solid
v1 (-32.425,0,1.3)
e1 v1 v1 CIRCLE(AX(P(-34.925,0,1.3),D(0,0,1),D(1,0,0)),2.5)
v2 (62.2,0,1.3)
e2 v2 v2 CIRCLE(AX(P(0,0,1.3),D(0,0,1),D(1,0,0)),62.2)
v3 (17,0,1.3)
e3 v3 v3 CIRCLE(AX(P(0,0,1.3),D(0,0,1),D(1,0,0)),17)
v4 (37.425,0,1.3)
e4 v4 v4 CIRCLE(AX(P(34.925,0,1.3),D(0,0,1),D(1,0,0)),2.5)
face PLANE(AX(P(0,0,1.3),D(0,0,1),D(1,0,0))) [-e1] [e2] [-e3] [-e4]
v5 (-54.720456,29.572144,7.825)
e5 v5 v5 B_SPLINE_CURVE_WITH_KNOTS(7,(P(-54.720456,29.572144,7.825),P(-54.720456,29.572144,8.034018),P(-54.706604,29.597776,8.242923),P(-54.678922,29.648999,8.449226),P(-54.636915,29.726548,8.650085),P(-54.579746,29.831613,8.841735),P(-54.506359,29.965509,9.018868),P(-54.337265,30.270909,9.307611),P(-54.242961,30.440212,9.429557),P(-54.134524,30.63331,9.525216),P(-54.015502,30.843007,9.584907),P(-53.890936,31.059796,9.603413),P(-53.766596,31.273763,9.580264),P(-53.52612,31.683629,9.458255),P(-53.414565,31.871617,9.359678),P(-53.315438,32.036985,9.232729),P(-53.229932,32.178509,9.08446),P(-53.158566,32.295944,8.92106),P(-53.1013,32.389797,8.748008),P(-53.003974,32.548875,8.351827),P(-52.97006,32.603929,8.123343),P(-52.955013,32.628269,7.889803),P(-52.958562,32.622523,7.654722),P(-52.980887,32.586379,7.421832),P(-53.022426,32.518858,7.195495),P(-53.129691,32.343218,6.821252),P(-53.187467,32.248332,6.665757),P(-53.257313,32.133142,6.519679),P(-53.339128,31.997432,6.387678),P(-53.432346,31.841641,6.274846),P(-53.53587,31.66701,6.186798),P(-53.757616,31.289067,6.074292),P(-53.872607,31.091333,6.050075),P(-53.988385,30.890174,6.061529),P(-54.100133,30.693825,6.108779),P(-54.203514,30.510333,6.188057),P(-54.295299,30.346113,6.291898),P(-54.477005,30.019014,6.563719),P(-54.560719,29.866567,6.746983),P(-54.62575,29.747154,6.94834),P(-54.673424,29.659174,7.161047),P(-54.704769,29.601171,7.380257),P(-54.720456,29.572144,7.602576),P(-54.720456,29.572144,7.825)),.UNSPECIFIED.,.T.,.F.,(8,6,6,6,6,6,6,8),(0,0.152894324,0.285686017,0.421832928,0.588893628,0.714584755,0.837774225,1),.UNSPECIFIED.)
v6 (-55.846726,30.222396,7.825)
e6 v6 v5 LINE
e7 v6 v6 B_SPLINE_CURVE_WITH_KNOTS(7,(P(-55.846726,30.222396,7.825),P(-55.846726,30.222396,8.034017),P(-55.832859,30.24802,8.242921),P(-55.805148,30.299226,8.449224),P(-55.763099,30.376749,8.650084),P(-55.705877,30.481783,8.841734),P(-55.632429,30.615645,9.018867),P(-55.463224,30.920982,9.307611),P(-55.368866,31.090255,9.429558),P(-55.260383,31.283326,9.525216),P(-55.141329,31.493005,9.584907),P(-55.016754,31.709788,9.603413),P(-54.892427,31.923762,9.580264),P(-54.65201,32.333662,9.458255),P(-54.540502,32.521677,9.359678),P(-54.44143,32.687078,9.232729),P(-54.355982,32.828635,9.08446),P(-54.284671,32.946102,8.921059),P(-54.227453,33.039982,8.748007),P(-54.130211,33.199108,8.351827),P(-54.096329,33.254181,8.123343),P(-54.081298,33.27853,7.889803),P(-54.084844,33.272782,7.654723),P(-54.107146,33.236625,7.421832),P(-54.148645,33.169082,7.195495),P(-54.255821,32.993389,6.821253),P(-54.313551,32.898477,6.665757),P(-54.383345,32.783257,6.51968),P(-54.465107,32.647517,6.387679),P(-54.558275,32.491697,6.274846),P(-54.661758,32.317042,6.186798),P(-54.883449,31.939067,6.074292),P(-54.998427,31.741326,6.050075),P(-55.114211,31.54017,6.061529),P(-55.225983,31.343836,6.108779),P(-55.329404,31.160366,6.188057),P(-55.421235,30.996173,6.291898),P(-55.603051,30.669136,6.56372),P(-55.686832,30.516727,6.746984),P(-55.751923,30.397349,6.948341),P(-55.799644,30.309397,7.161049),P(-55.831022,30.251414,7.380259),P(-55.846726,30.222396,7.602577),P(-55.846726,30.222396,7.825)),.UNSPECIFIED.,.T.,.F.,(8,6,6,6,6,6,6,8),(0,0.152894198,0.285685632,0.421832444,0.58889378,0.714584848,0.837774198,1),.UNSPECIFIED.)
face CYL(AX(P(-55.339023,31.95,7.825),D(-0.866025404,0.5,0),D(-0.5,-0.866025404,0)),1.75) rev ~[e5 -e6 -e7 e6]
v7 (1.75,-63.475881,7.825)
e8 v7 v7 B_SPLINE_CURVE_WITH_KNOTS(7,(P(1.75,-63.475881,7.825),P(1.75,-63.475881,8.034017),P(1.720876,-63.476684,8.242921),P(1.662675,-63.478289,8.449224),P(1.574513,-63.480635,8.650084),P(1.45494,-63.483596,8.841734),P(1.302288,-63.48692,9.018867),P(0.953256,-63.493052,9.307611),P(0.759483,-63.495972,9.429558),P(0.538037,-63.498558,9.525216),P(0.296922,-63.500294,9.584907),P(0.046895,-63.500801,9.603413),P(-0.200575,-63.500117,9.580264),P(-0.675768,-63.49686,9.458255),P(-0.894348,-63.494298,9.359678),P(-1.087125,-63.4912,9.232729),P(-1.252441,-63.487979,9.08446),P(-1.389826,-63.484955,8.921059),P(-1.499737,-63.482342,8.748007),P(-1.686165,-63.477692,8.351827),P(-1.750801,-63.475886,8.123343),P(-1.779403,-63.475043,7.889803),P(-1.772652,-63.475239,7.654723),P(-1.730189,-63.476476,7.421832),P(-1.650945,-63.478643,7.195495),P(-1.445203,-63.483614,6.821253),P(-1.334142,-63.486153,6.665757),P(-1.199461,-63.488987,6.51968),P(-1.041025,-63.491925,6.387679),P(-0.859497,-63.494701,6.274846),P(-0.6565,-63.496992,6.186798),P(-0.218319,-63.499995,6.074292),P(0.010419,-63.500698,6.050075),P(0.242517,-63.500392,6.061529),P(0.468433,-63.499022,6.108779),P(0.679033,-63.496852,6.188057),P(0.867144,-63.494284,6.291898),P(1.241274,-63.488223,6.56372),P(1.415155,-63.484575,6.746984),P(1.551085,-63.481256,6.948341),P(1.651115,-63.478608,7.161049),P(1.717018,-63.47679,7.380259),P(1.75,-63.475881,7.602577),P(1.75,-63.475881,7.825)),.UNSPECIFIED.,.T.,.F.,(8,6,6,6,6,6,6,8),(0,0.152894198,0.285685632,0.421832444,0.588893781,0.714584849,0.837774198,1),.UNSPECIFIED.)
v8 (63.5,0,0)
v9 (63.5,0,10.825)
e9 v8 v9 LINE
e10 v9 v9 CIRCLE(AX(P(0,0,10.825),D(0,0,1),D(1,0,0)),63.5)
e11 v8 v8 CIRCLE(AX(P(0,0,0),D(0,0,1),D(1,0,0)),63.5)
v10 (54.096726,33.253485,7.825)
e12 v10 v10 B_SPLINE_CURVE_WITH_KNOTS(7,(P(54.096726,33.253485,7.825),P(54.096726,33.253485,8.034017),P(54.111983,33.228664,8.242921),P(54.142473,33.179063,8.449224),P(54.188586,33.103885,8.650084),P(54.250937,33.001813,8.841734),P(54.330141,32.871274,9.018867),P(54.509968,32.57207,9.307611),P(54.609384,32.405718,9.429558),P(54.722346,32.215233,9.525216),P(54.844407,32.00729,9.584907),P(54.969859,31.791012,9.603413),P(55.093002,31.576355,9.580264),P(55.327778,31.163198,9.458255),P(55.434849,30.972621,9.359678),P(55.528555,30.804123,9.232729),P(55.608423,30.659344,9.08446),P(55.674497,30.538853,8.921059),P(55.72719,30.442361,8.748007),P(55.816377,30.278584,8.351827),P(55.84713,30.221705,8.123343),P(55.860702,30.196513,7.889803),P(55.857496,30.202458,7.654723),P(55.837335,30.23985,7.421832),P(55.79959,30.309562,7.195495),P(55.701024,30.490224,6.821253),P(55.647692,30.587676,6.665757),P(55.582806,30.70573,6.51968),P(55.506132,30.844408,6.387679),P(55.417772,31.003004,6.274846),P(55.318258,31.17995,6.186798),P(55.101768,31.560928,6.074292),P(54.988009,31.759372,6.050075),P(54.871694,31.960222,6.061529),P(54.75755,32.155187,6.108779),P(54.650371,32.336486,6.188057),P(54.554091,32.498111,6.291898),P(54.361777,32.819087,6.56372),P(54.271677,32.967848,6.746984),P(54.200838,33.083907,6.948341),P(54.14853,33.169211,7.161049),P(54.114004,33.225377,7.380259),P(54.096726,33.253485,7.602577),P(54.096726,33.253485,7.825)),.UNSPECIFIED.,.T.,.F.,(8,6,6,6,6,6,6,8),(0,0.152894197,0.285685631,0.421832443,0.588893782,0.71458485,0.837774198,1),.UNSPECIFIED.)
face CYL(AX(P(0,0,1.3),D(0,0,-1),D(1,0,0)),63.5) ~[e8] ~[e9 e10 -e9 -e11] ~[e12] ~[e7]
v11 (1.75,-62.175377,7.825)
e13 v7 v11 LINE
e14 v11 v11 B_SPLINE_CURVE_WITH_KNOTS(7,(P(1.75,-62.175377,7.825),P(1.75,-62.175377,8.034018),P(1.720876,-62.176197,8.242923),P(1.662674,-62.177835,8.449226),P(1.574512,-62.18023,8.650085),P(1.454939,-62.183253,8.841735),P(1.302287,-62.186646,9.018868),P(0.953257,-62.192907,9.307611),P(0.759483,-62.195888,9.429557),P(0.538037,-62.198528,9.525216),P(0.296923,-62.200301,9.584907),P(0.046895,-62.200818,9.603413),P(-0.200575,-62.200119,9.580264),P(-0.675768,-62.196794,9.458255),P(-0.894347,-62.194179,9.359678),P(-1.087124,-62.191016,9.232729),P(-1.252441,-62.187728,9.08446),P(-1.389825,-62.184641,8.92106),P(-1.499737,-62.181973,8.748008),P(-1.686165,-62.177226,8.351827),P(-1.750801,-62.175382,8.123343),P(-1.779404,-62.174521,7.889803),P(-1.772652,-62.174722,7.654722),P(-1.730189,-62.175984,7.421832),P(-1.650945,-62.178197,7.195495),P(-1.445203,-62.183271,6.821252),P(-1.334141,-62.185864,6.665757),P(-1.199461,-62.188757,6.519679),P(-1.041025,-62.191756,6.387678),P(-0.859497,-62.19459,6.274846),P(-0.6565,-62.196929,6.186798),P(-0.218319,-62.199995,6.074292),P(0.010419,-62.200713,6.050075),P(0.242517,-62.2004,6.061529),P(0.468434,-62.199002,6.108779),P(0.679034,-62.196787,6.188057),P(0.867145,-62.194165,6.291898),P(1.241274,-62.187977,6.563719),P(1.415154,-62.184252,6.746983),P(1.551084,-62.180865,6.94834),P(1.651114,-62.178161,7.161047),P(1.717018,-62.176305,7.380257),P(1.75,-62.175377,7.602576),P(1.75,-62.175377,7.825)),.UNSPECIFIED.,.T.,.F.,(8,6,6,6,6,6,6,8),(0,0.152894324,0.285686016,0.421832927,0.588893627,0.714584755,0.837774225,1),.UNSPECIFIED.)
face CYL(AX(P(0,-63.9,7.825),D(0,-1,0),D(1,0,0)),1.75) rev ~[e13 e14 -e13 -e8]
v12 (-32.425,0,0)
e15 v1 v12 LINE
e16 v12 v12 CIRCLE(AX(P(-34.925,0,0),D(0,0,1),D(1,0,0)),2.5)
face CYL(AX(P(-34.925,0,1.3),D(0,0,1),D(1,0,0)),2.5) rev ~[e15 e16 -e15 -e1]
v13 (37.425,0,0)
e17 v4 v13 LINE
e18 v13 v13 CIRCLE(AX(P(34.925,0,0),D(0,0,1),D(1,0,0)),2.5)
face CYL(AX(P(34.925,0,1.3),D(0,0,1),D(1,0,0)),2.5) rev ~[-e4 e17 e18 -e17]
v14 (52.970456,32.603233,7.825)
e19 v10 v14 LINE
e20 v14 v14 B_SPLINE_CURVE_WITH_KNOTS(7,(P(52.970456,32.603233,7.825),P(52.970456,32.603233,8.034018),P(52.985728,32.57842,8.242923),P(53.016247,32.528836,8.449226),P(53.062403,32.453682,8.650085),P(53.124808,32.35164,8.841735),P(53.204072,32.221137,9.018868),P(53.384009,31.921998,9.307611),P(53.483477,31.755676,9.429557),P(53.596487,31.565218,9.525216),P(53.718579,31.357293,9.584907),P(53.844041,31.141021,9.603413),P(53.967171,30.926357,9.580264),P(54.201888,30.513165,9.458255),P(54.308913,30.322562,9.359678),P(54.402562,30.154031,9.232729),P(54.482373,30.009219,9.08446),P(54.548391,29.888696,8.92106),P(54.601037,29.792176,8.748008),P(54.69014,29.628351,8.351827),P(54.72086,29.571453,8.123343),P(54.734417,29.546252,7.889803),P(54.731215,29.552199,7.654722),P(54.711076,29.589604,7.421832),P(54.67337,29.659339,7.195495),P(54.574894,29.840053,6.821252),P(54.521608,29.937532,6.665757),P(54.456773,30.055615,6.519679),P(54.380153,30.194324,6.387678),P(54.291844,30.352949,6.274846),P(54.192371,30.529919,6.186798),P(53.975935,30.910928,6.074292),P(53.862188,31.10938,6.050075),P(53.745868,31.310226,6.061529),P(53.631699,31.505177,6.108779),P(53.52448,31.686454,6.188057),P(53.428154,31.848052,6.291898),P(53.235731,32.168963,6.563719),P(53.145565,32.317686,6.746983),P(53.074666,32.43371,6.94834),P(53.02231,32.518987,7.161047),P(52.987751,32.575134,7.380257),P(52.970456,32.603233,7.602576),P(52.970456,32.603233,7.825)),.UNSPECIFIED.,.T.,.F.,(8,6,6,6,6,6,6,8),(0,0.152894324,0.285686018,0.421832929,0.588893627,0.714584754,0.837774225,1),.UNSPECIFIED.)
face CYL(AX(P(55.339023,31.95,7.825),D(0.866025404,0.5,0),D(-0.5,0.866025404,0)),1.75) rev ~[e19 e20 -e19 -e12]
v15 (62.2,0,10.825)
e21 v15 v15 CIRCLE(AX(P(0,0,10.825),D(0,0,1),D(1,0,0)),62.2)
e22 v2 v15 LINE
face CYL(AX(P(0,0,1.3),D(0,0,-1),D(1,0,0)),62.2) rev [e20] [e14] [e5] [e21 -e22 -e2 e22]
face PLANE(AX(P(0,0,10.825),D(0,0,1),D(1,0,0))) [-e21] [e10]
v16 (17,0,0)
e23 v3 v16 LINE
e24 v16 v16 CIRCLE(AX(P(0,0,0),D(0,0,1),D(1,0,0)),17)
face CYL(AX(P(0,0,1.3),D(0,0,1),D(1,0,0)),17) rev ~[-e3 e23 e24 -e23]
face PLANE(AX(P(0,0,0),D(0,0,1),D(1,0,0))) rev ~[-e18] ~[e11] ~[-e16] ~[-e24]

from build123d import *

# Parameters (mm, degrees)
F0_R      = 63.5
F1_DEPTH  = 1.3
F2_R      = 2.5
F3_DEPTH  = 25
F4_R      = 63.5
F4_R_2    = 62.2
F5_DEPTH  = 9.525
F7_R      = 1.75
F8_DEPTH  = 5
F9_COUNT  = 3
F11_R     = 17
F12_DEPTH = 25


with BuildPart() as f1:
    # F0 (on Top) → F1 (new body)
    with BuildSketch(Plane.XY):
        Circle(F0_R)
    extrude(amount=F1_DEPTH)

    # F2 (on face) → F3 (cut)
    with BuildSketch(Plane.XY.offset(1.3)):
        with Locations((-34.925, 0)):
            Circle(F2_R)
        with Locations((34.925, 0)):
            Circle(F2_R)
    extrude(amount=-F3_DEPTH, mode=Mode.SUBTRACT)

    # F4 (on face) → F5 (join)
    with BuildSketch(Plane.XY.offset(1.3)):
        Circle(F4_R)
        Circle(F4_R_2, mode=Mode.SUBTRACT)
    extrude(amount=F5_DEPTH)


with BuildPart() as f8:
    # F7 (on offset) → F8 (new body)
    with BuildSketch(Plane.XZ.offset(63.9)):
        with Locations((0, 7.825)):
            Circle(F7_R)
    extrude(amount=-F8_DEPTH)


with BuildPart() as f9_1:
    # F9: instance of F8
    add(f8.part.rotate(Axis((0, 0, 0), (0, 0, -1)), 1 * 360 / F9_COUNT))


with BuildPart() as f9_2:
    # F9: instance of F8
    add(f8.part.rotate(Axis((0, 0, 0), (0, 0, -1)), 2 * 360 / F9_COUNT))


with BuildPart() as f1_1:
    add(f1.part)

    # F10: cut F8, F9_2, F9_1
    add(f8.part, mode=Mode.SUBTRACT)
    add(f9_2.part, mode=Mode.SUBTRACT)
    add(f9_1.part, mode=Mode.SUBTRACT)

    # F11 (on face) → F12 (cut)
    with BuildSketch(Plane.XY.offset(1.3)):
        Circle(F11_R)
    extrude(amount=-F12_DEPTH, mode=Mode.SUBTRACT)


solid = f1_1.part
